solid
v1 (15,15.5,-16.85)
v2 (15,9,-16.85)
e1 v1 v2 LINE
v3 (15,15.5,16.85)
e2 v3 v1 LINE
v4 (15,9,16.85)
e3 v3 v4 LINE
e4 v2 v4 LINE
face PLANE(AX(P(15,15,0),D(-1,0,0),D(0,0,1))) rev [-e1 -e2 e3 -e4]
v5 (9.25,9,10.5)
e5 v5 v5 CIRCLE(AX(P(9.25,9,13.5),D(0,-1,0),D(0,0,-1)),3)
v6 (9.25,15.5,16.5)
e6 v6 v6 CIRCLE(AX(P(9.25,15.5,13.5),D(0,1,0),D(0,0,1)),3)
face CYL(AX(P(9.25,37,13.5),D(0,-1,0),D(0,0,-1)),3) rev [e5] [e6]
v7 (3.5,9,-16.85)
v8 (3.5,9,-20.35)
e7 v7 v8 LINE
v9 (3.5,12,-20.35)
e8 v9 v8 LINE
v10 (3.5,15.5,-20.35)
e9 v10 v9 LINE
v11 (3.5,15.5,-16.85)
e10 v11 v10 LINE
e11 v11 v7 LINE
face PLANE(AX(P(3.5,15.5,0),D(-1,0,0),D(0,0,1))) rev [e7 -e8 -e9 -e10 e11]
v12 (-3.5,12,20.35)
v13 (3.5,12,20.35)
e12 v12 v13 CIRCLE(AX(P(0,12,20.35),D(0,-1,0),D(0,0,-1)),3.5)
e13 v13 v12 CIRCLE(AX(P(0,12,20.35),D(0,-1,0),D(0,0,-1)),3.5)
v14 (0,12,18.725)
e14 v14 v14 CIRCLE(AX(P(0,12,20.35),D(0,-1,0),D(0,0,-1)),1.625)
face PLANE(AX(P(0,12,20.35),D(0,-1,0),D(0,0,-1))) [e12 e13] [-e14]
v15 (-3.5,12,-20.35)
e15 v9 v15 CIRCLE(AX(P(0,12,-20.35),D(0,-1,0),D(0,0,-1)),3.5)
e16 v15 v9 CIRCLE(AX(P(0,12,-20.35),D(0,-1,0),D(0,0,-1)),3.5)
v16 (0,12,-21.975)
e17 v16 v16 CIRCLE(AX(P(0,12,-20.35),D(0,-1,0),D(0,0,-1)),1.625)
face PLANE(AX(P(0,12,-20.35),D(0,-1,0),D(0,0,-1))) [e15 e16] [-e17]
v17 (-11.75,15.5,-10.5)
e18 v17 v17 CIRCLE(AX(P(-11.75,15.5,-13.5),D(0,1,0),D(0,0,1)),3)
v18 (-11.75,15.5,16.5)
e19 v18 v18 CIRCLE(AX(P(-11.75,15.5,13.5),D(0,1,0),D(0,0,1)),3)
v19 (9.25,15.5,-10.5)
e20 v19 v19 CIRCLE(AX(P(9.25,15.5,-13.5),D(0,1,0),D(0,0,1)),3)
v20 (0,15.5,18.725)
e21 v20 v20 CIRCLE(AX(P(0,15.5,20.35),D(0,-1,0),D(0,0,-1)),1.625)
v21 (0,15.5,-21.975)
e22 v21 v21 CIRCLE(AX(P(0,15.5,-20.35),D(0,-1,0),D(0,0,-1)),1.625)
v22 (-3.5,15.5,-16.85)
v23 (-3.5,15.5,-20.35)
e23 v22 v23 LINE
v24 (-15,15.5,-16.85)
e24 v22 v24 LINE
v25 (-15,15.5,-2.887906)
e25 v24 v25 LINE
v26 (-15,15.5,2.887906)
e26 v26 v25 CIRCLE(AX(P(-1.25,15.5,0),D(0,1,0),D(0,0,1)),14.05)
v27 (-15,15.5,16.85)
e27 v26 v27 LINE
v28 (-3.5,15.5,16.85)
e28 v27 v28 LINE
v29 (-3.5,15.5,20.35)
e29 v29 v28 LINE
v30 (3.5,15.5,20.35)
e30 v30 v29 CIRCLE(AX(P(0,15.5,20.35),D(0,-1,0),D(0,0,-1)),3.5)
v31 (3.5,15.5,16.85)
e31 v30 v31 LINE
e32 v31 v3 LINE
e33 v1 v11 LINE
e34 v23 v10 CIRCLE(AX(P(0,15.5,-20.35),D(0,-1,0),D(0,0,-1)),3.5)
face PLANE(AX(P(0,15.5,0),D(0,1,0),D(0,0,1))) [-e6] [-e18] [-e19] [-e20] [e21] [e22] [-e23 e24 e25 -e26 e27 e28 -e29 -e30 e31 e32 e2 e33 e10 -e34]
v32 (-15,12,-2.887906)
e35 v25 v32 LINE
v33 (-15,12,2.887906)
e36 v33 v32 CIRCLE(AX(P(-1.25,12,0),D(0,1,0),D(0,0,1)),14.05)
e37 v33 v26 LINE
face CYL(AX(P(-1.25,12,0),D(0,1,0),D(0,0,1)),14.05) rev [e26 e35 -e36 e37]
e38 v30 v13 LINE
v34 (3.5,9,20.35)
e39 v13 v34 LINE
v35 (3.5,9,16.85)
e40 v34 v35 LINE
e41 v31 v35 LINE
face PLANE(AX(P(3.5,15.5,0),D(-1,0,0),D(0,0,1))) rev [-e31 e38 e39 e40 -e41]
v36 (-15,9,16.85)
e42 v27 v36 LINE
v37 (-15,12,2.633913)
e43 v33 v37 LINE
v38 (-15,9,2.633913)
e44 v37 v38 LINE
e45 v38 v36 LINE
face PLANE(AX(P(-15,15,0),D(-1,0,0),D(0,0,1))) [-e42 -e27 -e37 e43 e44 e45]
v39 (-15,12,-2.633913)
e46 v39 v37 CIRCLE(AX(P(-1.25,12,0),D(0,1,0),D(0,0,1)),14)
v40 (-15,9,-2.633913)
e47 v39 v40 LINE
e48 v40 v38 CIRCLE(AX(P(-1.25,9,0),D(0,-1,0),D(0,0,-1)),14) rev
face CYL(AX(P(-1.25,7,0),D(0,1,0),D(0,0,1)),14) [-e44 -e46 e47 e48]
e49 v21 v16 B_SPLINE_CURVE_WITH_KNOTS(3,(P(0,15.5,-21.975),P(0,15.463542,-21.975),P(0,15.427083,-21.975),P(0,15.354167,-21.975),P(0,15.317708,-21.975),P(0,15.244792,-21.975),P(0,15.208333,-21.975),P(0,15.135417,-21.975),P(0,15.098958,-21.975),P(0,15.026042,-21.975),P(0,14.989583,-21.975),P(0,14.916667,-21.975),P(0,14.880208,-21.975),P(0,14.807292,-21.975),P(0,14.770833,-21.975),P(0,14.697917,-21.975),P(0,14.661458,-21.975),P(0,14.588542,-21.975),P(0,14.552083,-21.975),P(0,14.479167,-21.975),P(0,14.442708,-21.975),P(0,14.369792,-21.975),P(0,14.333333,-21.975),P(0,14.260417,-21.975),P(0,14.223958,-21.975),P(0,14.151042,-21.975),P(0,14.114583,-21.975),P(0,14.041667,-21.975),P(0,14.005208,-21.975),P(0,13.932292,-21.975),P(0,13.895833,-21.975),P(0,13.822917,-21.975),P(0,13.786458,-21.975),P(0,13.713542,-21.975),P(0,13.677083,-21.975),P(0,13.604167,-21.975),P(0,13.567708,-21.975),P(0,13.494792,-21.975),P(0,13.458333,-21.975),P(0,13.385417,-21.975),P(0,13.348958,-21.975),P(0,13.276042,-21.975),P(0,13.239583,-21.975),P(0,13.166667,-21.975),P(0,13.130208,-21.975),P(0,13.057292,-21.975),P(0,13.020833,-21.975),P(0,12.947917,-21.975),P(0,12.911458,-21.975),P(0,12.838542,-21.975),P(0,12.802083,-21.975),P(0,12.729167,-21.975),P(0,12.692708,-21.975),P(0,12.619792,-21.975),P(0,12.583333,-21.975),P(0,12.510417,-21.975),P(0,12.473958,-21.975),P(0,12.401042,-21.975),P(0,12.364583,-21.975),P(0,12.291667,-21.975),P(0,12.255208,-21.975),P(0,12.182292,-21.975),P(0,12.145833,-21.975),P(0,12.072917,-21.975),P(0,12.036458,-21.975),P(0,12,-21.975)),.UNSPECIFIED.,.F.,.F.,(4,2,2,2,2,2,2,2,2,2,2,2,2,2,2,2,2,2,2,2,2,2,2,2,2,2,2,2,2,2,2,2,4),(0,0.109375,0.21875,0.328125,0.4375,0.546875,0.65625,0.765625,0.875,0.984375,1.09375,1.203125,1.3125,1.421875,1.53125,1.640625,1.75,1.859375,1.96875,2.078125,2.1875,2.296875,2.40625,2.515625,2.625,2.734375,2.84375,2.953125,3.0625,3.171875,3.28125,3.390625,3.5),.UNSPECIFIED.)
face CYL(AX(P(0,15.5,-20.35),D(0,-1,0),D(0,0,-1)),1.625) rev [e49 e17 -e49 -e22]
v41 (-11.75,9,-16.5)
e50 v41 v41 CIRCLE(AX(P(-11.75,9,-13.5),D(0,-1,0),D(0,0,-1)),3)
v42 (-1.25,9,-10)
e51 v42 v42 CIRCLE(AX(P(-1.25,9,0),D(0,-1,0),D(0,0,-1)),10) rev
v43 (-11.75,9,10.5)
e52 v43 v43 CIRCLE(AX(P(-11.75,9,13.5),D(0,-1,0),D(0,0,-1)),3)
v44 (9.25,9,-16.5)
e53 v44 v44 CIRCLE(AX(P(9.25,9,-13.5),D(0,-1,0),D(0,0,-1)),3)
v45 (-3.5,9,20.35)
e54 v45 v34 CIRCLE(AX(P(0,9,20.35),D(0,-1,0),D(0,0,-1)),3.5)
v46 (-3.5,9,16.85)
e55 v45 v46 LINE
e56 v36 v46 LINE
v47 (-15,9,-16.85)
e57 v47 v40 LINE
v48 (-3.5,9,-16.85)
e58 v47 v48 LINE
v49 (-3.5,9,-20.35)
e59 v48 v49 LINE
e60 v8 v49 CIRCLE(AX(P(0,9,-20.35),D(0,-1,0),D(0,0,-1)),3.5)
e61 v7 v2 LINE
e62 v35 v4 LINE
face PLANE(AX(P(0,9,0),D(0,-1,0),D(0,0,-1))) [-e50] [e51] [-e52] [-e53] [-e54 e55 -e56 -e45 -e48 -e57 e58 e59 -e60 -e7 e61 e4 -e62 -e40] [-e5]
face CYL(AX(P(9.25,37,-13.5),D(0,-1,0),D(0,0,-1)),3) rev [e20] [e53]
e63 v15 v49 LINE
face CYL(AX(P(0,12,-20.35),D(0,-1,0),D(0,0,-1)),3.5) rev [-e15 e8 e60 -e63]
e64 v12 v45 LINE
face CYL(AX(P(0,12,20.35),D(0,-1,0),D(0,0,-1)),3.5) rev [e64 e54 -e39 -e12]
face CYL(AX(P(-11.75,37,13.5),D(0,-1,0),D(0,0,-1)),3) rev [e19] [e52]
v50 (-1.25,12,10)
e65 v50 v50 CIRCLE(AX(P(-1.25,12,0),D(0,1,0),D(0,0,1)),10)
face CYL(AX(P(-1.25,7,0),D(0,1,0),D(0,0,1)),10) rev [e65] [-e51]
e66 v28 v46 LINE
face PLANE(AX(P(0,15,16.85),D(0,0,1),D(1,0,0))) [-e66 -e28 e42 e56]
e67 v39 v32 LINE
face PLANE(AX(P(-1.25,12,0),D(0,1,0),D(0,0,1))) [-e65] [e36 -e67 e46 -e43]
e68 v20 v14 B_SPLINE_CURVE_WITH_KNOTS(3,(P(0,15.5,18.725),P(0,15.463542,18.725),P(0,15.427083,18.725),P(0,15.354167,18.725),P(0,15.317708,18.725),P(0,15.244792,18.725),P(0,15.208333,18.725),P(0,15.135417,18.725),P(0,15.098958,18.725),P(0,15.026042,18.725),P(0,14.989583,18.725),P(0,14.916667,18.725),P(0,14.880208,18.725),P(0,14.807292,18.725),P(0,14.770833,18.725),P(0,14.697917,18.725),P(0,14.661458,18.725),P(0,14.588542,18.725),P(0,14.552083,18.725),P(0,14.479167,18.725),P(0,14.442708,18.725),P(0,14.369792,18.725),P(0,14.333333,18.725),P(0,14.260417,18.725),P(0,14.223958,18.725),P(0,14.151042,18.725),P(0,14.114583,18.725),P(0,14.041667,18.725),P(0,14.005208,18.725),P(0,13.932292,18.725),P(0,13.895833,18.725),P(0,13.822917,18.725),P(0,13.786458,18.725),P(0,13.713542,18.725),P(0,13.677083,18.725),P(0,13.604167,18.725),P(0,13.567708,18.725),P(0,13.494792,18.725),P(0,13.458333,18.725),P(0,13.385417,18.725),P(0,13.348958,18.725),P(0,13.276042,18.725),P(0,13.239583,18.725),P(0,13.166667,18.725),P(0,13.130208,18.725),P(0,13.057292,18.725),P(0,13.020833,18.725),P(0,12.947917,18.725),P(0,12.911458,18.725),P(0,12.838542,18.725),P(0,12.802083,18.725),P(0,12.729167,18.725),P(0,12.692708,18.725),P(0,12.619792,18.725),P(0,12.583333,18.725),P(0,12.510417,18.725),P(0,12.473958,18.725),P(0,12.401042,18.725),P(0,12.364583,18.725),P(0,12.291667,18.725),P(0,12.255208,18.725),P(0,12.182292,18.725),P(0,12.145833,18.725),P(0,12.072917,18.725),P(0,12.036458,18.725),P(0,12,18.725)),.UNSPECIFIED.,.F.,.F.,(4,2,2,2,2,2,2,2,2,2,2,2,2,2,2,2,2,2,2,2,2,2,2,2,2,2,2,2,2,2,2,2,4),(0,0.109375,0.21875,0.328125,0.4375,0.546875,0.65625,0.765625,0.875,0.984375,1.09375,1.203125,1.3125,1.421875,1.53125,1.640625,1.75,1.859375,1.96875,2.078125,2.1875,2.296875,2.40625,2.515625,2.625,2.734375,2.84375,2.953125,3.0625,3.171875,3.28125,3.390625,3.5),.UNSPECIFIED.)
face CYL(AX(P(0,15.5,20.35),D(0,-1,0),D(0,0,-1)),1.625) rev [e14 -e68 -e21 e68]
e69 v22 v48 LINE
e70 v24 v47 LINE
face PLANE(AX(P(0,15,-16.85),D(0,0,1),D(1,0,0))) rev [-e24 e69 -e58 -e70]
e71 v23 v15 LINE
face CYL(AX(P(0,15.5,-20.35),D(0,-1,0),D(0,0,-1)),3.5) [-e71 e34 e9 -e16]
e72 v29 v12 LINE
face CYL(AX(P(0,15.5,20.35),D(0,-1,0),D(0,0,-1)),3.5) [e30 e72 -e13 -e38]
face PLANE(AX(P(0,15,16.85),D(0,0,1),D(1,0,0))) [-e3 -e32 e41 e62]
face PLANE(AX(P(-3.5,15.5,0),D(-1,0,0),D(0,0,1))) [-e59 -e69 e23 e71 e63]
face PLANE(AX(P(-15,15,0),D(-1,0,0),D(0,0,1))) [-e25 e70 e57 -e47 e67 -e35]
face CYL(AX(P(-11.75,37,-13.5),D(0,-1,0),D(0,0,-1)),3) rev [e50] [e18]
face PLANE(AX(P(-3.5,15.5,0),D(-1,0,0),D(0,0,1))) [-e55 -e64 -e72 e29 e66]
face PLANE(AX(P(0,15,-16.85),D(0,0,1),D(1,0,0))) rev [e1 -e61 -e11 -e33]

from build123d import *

# Parameters (mm, degrees)
SKETCH1_R           = 1.375
SKETCH1_R_2         = 1.460845326
SKETCH1_R_3         = 1.480655282
BOSS_EXTRUDE1_DEPTH = 15
BOSS_EXTRUDE2_START = -8
SKETCH2_R           = 14
SKETCH2_R_2         = 10
BOSS_EXTRUDE2_DEPTH = 8
CUT_EXTRUDE1_START  = -3
SKETCH3_R           = 14
SKETCH3_R_2         = 10
CUT_EXTRUDE1_DEPTH  = 3
SKETCH5_R           = 1.480655282
SKETCH5_R_2         = 1.375
SKETCH5_R_3         = 1.460845326
BOSS_EXTRUDE3_DEPTH = 0.5
SKETCH6_W           = 32.415484222
SKETCH6_H           = 34.71462202
CUT_EXTRUDE2_DEPTH  = 7
SKETCH7_W           = 33.435139342
SKETCH7_H           = 35.82697306
CUT_EXTRUDE3_DEPTH  = 2
BOSS_EXTRUDE4_DEPTH = 6.5
SKETCH9_R           = 3.5
SKETCH9_R_2         = 1.625
CUT_EXTRUDE4_DEPTH  = 3
SKETCH10_R          = 3
CUT_EXTRUDE5_DEPTH  = 28
SKETCH11_R          = 14.05
CUT_EXTRUDE6_DEPTH  = 3.5


with BuildPart() as part:
    # Sketch1 → Boss-Extrude1 (new body)
    with BuildSketch(Plane(origin=(0, 0, 0), x_dir=(1, 0, 0), z_dir=(0, 1, 0))):
        with BuildLine():
            Line((-15, -16.85), (15, -16.85))
            Line((15, -16.85), (15, 16.85))
            Line((15, 16.85), (-15, 16.85))
            Line((-15, 16.85), (-15, 2.633913438))
            ThreePointArc((-15, 2.633913438), (0.072875656, 13.937359865), (12.75, 0))
            ThreePointArc((12.75, 0), (0.072875656, -13.937359865), (-15, -2.633913438))
            Line((-15, -2.633913438), (-15, -16.85))
        make_face()
        with Locations(Location((-11.75, -13.5, 0), (0, 0, 270))):
            Circle(SKETCH1_R, mode=Mode.SUBTRACT)
        with Locations(Location((9.25, -13.5, 0), (0, 0, 270))):
            Circle(SKETCH1_R_2, mode=Mode.SUBTRACT)
        with Locations(Location((-11.75, 13.5, 0), (0, 0, 270))):
            Circle(SKETCH1_R, mode=Mode.SUBTRACT)
        with Locations(Location((9.25, 13.5, 0), (0, 0, 270))):
            Circle(SKETCH1_R_3, mode=Mode.SUBTRACT)
    extrude(amount=BOSS_EXTRUDE1_DEPTH)

    # Sketch2 → Boss-Extrude2 (add)
    with BuildSketch(Plane(origin=(0, 15, 0), x_dir=(1, 0, 0), z_dir=(0, 1, 0)).offset(BOSS_EXTRUDE2_START)):
        with Locations((-1.25, 0)):
            Circle(SKETCH2_R)
        with Locations(Location((-1.25, 0, 0), (0, 0, 270))):
            Circle(SKETCH2_R_2, mode=Mode.SUBTRACT)
    extrude(amount=BOSS_EXTRUDE2_DEPTH)

    # Sketch3 → Cut-Extrude1 (cut)
    with BuildSketch(Plane(origin=(0, 15, 0), x_dir=(1, 0, 0), z_dir=(0, 1, 0)).offset(CUT_EXTRUDE1_START)):
        with Locations((-1.25, 0)):
            Circle(SKETCH3_R)
        with Locations(Location((-1.25, 0, 0), (0, 0, 270))):
            Circle(SKETCH3_R_2, mode=Mode.SUBTRACT)
    extrude(amount=CUT_EXTRUDE1_DEPTH, mode=Mode.SUBTRACT)

    # Sketch5 → Boss-Extrude3 (add)
    with BuildSketch(Plane(origin=(0, 15, 0), x_dir=(1, 0, 0), z_dir=(0, 1, 0))):
        with BuildLine():
            Line((-15, 16.85), (-15, 2.633913438))
            ThreePointArc((-15, 2.633913438), (12.75, 0), (-15, -2.633913438))
            Line((-15, -2.633913438), (-15, -16.85))
            Line((-15, -16.85), (15, -16.85))
            Line((15, -16.85), (15, 16.85))
            Line((15, 16.85), (-15, 16.85))
        make_face()
        with Locations(Location((9.25, 13.5, 0), (0, 0, 270))):
            Circle(SKETCH5_R, mode=Mode.SUBTRACT)
        with Locations(Location((-11.75, -13.5, 0), (0, 0, 270))):
            Circle(SKETCH5_R_2, mode=Mode.SUBTRACT)
        with Locations(Location((-11.75, 13.5, 0), (0, 0, 270))):
            Circle(SKETCH5_R_2, mode=Mode.SUBTRACT)
        with Locations(Location((9.25, -13.5, 0), (0, 0, 270))):
            Circle(SKETCH5_R_3, mode=Mode.SUBTRACT)
    extrude(amount=BOSS_EXTRUDE3_DEPTH)

    # Sketch6 → Cut-Extrude2 (cut)
    with BuildSketch(Plane.XZ):
        Rectangle(SKETCH6_W, SKETCH6_H)
    extrude(amount=-CUT_EXTRUDE2_DEPTH, mode=Mode.SUBTRACT)

    # Sketch7 → Cut-Extrude3 (cut)
    with BuildSketch(Plane.XZ.offset(-7)):
        Rectangle(SKETCH7_W, SKETCH7_H)
    extrude(amount=-CUT_EXTRUDE3_DEPTH, mode=Mode.SUBTRACT)

    # Sketch8 → Boss-Extrude4 (add)
    with BuildSketch(Plane.XZ.offset(-9)):
        with BuildLine():
            Line((3.5, 16.85), (3.5, 20.35))
            ThreePointArc((3.5, 20.35), (2.474873725, 17.875126257), (-2.6e-08, 16.85))
            Line((-2.6e-08, 16.85), (3.5, 16.85))
        make_face()
        with BuildLine():
            ThreePointArc((-2.6e-08, 16.85), (-2.474873743, 17.875126275), (-3.5, 20.35))
            Line((-3.5, 20.35), (-3.5, 16.85))
            Line((-3.5, 16.85), (-2.6e-08, 16.85))
        make_face()
        with BuildLine():
            ThreePointArc((-1.625, 20.35), (0, 21.975), (1.625, 20.35))
            Line((1.625, 20.35), (3.5, 20.35))
            ThreePointArc((3.5, 20.35), (0, 23.85), (-3.5, 20.35))
            Line((-3.5, 20.35), (-1.625, 20.35))
        make_face()
        with BuildLine():
            Line((3.5, 20.35), (1.625, 20.35))
            ThreePointArc((1.625, 20.35), (0, 18.725), (-1.625, 20.35))
            Line((-1.625, 20.35), (-3.5, 20.35))
            ThreePointArc((-3.5, 20.35), (-2.474873743, 17.875126275), (-2.6e-08, 16.85))
            ThreePointArc((-2.6e-08, 16.85), (2.474873725, 17.875126257), (3.5, 20.35))
        make_face()
        with BuildLine():
            Line((3.5, -20.35), (3.5, -16.85))
            Line((3.5, -16.85), (0, -16.85))
            ThreePointArc((0, -16.85), (2.474873734, -17.875126266), (3.5, -20.35))
        make_face()
        with BuildLine():
            ThreePointArc((-3.5, -20.35), (-2.474873734, -17.875126266), (0, -16.85))
            Line((0, -16.85), (-3.5, -16.85))
            Line((-3.5, -16.85), (-3.5, -20.35))
        make_face()
        with BuildLine():
            ThreePointArc((-3.5, -20.35), (0, -23.85), (3.5, -20.35))
            Line((3.5, -20.35), (1.625, -20.35))
            ThreePointArc((1.625, -20.35), (0, -21.975), (-1.625, -20.35))
            Line((-1.625, -20.35), (-3.5, -20.35))
        make_face()
        with BuildLine():
            Line((1.625, -20.35), (3.5, -20.35))
            ThreePointArc((3.5, -20.35), (2.474873734, -17.875126266), (0, -16.85))
            ThreePointArc((0, -16.85), (-2.474873734, -17.875126266), (-3.5, -20.35))
            Line((-3.5, -20.35), (-1.625, -20.35))
            ThreePointArc((-1.625, -20.35), (0, -18.725), (1.625, -20.35))
        make_face()
    extrude(amount=-BOSS_EXTRUDE4_DEPTH)

    # Sketch9 → Cut-Extrude4 (cut)
    # profile 1 of 2: a face of its own
    with BuildSketch(Plane.XZ.offset(-9)):
        with Locations((0, 20.35)):
            Circle(SKETCH9_R)
        with Locations(Location((0, 20.35, 0), (0, 0, 270))):
            Circle(SKETCH9_R_2, mode=Mode.SUBTRACT)
    # profile 2 of 2: a face of its own
    with BuildSketch(Plane.XZ.offset(-9)):
        with Locations((0, -20.35)):
            Circle(SKETCH9_R)
        with Locations(Location((0, -20.35, 0), (0, 0, 270))):
            Circle(SKETCH9_R_2, mode=Mode.SUBTRACT)
    extrude(amount=-CUT_EXTRUDE4_DEPTH, mode=Mode.SUBTRACT)

    # Sketch10 → Cut-Extrude5 (cut)
    with BuildSketch(Plane.XZ.offset(-9)):
        with Locations(Location((-11.75, 13.5, 0), (0, 0, 270))):
            Circle(SKETCH10_R)
        with Locations(Location((9.25, 13.5, 0), (0, 0, 270))):
            Circle(SKETCH10_R)
        with Locations(Location((9.25, -13.5, 0), (0, 0, 270))):
            Circle(SKETCH10_R)
        with Locations(Location((-11.75, -13.5, 0), (0, 0, 270))):
            Circle(SKETCH10_R)
    extrude(amount=-CUT_EXTRUDE5_DEPTH, mode=Mode.SUBTRACT)

    # Sketch11 → Cut-Extrude6 (cut)
    with BuildSketch(Plane(origin=(0, 15.5, 0), x_dir=(1, 0, 0), z_dir=(0, 1, 0))):
        with Locations((-1.25, 0)):
            Circle(SKETCH11_R)
    extrude(amount=-CUT_EXTRUDE6_DEPTH, mode=Mode.SUBTRACT)


solid = part.part
